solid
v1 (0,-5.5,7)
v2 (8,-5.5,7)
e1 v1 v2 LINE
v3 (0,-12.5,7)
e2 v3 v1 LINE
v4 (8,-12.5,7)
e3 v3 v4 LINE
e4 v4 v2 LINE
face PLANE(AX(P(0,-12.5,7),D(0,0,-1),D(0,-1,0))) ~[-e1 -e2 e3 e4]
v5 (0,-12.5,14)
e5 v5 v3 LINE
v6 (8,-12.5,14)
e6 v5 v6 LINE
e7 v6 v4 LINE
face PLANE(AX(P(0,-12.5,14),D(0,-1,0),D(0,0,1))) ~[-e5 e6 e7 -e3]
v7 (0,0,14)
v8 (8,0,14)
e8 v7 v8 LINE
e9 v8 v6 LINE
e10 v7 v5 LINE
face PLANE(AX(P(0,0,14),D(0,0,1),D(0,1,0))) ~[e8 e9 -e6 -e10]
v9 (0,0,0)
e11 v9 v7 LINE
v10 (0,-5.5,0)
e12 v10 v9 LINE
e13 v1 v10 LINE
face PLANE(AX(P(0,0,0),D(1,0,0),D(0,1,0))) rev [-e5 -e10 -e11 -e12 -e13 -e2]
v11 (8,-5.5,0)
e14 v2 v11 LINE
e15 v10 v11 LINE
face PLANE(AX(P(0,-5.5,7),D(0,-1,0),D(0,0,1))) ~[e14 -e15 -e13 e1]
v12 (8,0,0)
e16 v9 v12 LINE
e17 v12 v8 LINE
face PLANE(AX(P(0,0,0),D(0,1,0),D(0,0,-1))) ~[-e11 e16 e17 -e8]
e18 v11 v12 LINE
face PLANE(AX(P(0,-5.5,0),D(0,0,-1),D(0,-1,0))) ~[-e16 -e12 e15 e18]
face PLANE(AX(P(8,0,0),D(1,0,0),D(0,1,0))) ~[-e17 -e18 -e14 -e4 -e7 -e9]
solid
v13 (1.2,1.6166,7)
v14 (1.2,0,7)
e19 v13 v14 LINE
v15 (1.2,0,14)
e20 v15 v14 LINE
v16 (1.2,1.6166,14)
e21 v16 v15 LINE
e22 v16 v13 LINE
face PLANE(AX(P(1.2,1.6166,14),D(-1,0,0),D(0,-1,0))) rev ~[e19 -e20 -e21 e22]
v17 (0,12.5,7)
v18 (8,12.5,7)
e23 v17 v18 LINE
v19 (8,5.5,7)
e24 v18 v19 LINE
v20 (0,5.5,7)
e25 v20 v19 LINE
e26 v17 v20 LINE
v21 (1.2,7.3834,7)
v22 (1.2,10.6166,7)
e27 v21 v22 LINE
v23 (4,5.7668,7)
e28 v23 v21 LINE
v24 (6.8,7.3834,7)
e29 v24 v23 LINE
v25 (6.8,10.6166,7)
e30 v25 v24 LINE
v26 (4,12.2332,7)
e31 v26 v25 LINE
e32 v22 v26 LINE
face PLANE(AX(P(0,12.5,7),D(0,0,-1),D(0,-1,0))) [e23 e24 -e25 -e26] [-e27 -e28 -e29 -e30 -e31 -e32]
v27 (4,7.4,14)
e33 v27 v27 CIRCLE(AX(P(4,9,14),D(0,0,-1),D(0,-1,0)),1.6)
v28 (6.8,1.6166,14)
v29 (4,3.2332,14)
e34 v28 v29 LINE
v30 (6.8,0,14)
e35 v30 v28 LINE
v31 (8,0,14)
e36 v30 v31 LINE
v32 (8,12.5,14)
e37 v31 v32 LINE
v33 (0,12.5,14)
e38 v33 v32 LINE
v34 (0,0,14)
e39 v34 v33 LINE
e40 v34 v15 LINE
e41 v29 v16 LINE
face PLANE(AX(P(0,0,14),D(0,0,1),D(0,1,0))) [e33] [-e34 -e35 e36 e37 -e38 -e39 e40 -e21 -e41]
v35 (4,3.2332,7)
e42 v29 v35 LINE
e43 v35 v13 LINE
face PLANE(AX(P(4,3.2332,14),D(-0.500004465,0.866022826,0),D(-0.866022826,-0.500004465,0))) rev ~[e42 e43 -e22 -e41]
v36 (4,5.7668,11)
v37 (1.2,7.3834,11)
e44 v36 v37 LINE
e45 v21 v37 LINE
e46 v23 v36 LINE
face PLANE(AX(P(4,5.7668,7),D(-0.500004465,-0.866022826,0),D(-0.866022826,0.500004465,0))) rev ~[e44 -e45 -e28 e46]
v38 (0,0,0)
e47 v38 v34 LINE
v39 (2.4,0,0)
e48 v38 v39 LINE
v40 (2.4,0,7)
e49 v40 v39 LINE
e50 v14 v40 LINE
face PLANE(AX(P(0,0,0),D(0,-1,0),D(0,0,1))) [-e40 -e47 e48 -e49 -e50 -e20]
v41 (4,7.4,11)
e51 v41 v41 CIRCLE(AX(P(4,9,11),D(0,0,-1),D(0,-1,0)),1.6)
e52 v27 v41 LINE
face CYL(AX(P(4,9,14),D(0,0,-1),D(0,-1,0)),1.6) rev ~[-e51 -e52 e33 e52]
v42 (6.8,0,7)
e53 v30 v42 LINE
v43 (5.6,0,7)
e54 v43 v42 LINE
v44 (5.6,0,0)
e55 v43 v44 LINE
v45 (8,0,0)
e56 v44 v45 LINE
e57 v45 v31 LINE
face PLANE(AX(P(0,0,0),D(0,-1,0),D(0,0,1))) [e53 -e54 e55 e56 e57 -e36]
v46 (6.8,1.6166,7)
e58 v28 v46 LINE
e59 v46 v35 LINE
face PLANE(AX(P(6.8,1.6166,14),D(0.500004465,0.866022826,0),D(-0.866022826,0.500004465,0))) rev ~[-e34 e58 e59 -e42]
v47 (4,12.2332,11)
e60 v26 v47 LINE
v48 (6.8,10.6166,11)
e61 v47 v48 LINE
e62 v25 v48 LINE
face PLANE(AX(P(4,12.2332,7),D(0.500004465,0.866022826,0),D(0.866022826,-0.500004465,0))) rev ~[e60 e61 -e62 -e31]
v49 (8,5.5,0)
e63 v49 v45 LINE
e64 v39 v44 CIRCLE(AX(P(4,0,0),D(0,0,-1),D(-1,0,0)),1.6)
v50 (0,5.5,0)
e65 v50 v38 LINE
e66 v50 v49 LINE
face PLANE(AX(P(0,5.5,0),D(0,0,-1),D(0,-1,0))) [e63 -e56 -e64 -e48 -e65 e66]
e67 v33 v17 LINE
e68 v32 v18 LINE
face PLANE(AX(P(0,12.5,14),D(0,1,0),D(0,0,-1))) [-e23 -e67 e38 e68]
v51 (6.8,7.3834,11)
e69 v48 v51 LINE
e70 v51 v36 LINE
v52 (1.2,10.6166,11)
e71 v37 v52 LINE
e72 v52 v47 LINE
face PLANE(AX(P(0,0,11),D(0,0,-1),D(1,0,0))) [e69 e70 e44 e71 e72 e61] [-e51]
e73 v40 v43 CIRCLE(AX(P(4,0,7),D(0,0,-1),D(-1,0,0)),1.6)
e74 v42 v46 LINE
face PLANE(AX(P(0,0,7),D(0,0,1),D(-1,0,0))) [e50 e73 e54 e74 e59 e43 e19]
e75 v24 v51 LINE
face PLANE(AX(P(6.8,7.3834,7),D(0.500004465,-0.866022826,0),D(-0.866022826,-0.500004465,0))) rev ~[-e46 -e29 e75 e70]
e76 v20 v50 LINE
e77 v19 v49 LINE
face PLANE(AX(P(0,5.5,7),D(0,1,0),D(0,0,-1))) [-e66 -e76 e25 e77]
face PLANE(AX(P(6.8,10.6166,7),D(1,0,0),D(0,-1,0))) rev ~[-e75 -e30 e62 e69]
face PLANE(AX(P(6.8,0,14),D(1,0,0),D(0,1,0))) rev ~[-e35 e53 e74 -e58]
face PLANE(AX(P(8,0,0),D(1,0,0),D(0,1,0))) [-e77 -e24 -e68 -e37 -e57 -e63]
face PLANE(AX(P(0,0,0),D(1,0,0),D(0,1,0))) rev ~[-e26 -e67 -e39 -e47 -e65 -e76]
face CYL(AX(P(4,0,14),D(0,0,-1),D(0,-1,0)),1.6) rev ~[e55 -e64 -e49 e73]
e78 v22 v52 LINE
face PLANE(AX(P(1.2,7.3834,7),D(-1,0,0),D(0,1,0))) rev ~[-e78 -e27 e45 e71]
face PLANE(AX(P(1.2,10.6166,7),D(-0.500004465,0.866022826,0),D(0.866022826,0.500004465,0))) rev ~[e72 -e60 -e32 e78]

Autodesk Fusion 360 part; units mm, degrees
sketch "Skizze1" plane through (0, 0, 0) normal (1, 0, 0) x (0, 1, 0)
  line L0 (0, 0) -> (0, 14)
  line L1 (0, 14) -> (12.5, 14)
  line L2 (12.5, 14) -> (12.5, 7)
  line L3 (12.5, 7) -> (5.5, 7)
  line L4 (5.5, 7) -> (5.5, 0)
  line L5 (5.5, 0) -> (0, 0)
  dimension "d1" = 5.5
  dimension "d2" = 7
  dimension "d3" = 14
  dimension "d4" = 12.5
extrude "Extrusion1" add sketch "Skizze1" along normal blind 8 makes body 1
sketch "Skizze2" plane through (0, 0, 14) normal (0, 0, 1) x (-1, 0, 0)
  line L0 (0, -12.5) -> (0, 0)
  line L1 (0, 0) -> (-8, 0)
  line L2 (-8, 0) -> (-8, -12.5)
  line L3 (-8, -12.5) -> (0, -12.5)
  point P0 (-4, 0)
  point P1 (-4, -9)
  dimension "d7" = 4
  dimension "d8" = 4
  dimension "d10" = 3.5
hole "Bohrung1" at (4, 0, 14) at (4, 9, 14) direction (0, 0, -1) diameter 3.2 end through all bodies 1 1
sketch "Skizze3" plane through (0, 0, 14) normal (0, 0, 1) x (-1, 0, 0)
  arc A0 (-5.6, 0) -> (-2.4, 0) centre (-4, 0) ccw
  line L0 (-5.6, 0) -> (-8, 0)
  line L1 (-8, 0) -> (-8, -12.5)
  line L2 (-8, -12.5) -> (0, -12.5)
  line L3 (0, -12.5) -> (0, 0)
  line L4 (0, 0) -> (-2.4, 0)
  circle A1 centre (-4, -9) radius 1.6
  line L5 (-1.2, 1.6166) -> (-4, 3.2332)
  line L6 (-4, 3.2332) -> (-6.8, 1.6166)
  line L7 (-6.8, 1.6166) -> (-6.8, -1.6166)
  line L8 (-6.8, -1.6166) -> (-4, -3.2332)
  line L9 (-4, -3.2332) -> (-1.2, -1.6166)
  line L10 (-1.2, -1.6166) -> (-1.2, 1.6166)
  point P0 (-4, 0)
  dimension "d14" = 5.6
extrude "Extrusion2" cut sketch "Skizze3" against normal blind 7 contours A0 L0 L4 L7 L8 L9 L10 bodies 1
sketch "Skizze4" plane through (0, 0, 7) normal (0, 0, -1) x (1, 0, 0)
  circle A0 centre (4, -9) radius 1.6
  line L0 (0, -5.5) -> (0, -12.5)
  line L1 (0, -12.5) -> (8, -12.5)
  line L2 (8, -12.5) -> (8, -5.5)
  line L3 (8, -5.5) -> (0, -5.5)
  line L4 (6.8, -7.3834) -> (4, -5.7668)
  line L5 (4, -5.7668) -> (1.2, -7.3834)
  line L6 (1.2, -7.3834) -> (1.2, -10.6166)
  line L7 (1.2, -10.6166) -> (4, -12.2332)
  line L8 (4, -12.2332) -> (6.8, -10.6166)
  line L9 (6.8, -10.6166) -> (6.8, -7.3834)
  point P0 (4, -9)
  dimension "d17" = 5.6
extrude "Extrusion3" cut sketch "Skizze4" against normal blind 4 contours L4 L5 L6 L7 L8 L9 bodies 1
mirror "Spiegeln1" about plane through (0, 0, 0) normal (0, -1, 0) of "Extrusion3", "Bohrung1", "Extrusion2", "Extrusion1" makes body 2
equation "d1 = ( 11 / 2 ) * 1 mm"
equation "d4 = ( 25 / 2 ) * 1 mm"
